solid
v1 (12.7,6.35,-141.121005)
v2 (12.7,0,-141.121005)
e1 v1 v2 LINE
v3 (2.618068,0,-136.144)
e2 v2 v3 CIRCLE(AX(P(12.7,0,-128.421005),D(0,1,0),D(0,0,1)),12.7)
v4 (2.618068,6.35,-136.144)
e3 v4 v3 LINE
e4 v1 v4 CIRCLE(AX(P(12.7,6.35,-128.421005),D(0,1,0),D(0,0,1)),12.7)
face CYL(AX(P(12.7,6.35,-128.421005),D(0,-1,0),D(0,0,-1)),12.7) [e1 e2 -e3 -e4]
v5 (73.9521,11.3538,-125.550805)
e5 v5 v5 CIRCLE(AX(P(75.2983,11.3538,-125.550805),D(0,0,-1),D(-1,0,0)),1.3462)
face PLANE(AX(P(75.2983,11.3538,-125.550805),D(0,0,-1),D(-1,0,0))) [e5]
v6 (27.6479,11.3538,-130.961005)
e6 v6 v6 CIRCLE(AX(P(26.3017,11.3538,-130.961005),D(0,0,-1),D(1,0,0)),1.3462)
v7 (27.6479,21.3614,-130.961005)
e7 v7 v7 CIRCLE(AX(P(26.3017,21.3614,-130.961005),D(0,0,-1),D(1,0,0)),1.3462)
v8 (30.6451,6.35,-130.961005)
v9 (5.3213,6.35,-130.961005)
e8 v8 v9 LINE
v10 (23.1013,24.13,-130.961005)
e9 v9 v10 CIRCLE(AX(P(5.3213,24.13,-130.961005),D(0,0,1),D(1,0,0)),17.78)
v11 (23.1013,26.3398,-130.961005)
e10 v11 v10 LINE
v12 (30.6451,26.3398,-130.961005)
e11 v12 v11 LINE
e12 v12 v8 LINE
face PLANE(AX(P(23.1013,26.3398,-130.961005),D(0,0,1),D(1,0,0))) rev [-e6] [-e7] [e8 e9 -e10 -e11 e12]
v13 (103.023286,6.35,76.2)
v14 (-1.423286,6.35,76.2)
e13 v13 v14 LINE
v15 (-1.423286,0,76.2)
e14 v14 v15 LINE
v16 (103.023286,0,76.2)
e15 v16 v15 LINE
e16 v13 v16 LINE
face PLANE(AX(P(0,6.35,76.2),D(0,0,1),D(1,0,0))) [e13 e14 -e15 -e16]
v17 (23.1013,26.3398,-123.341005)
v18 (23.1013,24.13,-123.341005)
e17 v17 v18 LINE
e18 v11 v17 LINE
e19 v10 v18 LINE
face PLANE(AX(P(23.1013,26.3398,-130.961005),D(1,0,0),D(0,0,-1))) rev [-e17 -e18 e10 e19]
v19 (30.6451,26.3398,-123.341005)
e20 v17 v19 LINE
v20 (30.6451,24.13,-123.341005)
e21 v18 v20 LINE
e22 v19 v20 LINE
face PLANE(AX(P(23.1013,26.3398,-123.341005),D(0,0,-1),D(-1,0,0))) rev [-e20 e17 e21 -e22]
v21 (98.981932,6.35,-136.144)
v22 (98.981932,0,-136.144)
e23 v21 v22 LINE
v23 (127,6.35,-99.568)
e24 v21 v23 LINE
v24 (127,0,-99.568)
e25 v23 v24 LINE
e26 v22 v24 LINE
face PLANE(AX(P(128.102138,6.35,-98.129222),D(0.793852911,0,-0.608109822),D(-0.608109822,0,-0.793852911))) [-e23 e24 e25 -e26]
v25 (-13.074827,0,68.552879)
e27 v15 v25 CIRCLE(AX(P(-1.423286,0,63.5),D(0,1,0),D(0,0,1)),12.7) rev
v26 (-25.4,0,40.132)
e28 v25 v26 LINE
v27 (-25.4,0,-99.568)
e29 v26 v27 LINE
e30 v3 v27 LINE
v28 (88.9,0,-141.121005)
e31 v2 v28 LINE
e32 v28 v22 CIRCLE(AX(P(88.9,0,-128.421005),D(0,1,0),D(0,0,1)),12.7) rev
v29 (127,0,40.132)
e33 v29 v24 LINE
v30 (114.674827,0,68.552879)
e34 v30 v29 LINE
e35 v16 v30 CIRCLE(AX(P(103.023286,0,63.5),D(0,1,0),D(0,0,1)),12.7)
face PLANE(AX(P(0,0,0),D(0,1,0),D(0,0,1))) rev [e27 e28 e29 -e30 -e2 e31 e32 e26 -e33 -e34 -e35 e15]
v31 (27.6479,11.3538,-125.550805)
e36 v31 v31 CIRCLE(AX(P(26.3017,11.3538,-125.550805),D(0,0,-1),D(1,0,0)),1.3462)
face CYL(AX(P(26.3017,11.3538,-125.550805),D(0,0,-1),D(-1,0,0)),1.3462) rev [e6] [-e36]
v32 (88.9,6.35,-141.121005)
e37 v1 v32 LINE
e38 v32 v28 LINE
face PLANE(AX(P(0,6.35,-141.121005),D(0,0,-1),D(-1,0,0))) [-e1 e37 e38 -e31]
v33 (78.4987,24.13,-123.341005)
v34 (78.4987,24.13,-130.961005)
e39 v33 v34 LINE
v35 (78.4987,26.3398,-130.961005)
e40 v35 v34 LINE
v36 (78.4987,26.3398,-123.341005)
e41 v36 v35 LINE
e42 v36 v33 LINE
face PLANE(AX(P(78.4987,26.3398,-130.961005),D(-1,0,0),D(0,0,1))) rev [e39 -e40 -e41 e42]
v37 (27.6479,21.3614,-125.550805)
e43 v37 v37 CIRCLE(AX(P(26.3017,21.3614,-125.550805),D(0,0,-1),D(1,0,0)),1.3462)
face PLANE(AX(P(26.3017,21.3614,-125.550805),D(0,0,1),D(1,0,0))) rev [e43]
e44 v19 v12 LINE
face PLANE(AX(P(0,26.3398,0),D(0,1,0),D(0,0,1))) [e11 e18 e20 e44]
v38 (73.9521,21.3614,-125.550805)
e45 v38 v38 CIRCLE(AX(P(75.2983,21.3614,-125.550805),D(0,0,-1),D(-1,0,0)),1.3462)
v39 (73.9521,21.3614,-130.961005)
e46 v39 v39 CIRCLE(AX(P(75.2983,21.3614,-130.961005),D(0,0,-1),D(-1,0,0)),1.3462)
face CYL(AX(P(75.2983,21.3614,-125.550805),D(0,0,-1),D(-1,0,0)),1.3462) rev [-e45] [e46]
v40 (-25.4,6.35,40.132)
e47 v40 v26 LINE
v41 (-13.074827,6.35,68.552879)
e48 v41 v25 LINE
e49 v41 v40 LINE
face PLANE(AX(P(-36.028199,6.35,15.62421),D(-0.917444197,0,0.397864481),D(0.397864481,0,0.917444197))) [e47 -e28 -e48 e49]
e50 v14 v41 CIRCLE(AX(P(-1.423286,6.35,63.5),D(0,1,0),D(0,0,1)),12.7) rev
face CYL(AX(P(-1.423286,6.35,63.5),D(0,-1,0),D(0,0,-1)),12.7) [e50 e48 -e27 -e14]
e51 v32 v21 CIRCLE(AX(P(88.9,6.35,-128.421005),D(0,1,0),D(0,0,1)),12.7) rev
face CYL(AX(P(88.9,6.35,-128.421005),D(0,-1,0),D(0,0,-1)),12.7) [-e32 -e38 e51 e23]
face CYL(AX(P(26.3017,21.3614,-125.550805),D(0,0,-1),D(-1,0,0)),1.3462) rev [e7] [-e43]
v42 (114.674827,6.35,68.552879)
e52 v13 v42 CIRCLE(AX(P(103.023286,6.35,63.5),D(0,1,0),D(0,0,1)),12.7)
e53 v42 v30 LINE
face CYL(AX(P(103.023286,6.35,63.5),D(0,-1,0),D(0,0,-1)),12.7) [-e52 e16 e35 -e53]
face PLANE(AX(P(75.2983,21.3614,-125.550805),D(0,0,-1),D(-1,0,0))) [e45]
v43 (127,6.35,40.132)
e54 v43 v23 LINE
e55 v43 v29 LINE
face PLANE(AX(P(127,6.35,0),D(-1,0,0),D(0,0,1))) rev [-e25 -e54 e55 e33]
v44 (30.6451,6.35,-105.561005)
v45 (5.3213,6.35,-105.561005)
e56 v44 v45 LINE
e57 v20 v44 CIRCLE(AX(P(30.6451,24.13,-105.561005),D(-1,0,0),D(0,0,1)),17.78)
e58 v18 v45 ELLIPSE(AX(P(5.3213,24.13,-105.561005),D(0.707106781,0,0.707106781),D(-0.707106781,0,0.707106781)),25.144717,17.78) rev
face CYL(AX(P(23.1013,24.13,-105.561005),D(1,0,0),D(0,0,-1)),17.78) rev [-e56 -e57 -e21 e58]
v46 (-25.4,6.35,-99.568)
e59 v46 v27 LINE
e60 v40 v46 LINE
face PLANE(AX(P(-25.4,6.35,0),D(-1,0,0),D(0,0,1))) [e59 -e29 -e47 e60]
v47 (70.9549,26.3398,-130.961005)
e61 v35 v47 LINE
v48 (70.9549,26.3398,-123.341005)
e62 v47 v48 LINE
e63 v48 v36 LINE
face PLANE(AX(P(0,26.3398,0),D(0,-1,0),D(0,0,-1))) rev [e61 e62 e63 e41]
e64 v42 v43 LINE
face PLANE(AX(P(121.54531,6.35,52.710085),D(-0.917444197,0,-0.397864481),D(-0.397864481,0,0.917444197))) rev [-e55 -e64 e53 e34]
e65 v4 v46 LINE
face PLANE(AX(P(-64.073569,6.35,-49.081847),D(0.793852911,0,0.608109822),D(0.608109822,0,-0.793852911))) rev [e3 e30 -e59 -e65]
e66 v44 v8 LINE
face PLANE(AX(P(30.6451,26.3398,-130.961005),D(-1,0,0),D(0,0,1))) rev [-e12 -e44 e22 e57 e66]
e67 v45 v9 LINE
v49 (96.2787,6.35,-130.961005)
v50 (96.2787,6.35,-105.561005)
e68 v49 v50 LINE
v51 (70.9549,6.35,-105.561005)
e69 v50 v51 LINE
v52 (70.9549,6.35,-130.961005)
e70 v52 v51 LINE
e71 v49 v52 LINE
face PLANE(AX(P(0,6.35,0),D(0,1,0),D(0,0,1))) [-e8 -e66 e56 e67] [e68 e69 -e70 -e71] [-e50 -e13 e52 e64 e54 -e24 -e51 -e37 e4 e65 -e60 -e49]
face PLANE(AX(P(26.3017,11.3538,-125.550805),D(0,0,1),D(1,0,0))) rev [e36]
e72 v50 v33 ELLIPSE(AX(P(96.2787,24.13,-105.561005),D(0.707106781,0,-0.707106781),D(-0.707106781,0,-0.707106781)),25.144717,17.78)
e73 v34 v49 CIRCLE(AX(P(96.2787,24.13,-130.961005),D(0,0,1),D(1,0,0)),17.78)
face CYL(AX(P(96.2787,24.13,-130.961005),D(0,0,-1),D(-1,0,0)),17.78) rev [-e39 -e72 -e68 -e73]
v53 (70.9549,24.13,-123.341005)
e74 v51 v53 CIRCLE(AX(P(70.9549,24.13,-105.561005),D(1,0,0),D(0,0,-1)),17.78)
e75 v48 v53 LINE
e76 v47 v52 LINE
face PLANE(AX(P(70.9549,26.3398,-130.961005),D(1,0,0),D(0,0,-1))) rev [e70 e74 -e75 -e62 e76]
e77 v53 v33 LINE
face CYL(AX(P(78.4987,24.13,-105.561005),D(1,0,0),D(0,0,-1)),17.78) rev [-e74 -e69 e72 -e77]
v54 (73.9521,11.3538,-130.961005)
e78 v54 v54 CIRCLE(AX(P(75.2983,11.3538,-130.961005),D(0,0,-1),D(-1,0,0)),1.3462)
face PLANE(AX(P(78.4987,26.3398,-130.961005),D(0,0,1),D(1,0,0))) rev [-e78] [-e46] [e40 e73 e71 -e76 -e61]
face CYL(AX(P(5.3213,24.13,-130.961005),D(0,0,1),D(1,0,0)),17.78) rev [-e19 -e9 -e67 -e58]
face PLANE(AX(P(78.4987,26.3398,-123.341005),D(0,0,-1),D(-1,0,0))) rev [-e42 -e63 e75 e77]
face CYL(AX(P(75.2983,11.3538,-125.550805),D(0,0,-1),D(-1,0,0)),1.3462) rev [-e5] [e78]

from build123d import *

# Parameters (mm, degrees)
BOSS_EXTRUDE1_DEPTH = 6.35
SKETCH2_W           = 7.5438
SKETCH2_H           = 7.62
BOSS_EXTRUDE2_DEPTH = 19.9898
FILLET1_R           = 17.78
SKETCH3_R           = 1.3462
CUT_EXTRUDE1_DEPTH  = 5.4102


with BuildPart() as part:
    # Sketch1 → Boss-Extrude1 (new body)
    with BuildSketch(Plane(origin=(0, 0, 0), x_dir=(1, 0, 0), z_dir=(0, 1, 0))):
        with BuildLine():
            Line((88.9, 141.121005256), (50.8, 141.121005256))
            Line((50.8, 141.121005256), (50.8, -76.2))
            Line((50.8, -76.2), (103.023285942, -76.2))
            ThreePointArc((103.023285942, -76.2), (109.991730457, -74.117475267), (114.674827247, -68.552878903))
            Line((114.674827247, -68.552878903), (127, -40.132))
            Line((127, -40.132), (127, 99.568))
            Line((127, 99.568), (98.981931967, 136.144))
            ThreePointArc((98.981931967, 136.144), (94.521742023, 139.808982101), (88.9, 141.121005256))
        make_face()
        with BuildLine():
            Line((50.8, 141.121005256), (12.7, 141.121005256))
            ThreePointArc((12.7, 141.121005256), (7.078257977, 139.808982101), (2.618068033, 136.144))
            Line((2.618068033, 136.144), (-25.4, 99.568))
            Line((-25.4, 99.568), (-25.4, -40.132))
            Line((-25.4, -40.132), (-13.074827247, -68.552878903))
            ThreePointArc((-13.074827247, -68.552878903), (-8.391730457, -74.117475267), (-1.423285942, -76.2))
            Line((-1.423285942, -76.2), (50.8, -76.2))
            Line((50.8, -76.2), (50.8, 141.121005256))
        make_face()
    extrude(amount=BOSS_EXTRUDE1_DEPTH)

    # Sketch2 → Boss-Extrude2 (add)
    with BuildSketch(Plane(origin=(0, 6.35, 0), x_dir=(1, 0, 0), z_dir=(0, 1, 0))):
        with Locations((74.7268, 127.151005256)):
            Rectangle(SKETCH2_W, SKETCH2_H)
        with Locations((26.8732, 127.151005256)):
            Rectangle(SKETCH2_W, SKETCH2_H)
    extrude(amount=BOSS_EXTRUDE2_DEPTH)

    # Fillet1
    fillet1_edges = [part.edges().sort_by_distance(p)[0] for p in [
        (23.1013, 6.35, -127.151005256),
        (26.8732, 6.35, -123.341005256),
        (78.4987, 6.35, -127.151005256),
        (74.7268, 6.35, -123.341005256),
    ]]
    fillet(fillet1_edges, radius=FILLET1_R)

    # Sketch3 → Cut-Extrude1 (cut)
    with BuildSketch(Plane(origin=(0, 0, -130.961005256), x_dir=(-1, 0, 0), z_dir=(0, 0, -1))):
        with Locations((-75.2983, 11.3538)):
            Circle(SKETCH3_R)
        with Locations((-75.2983, 21.3614)):
            Circle(SKETCH3_R)
        with Locations(Location((-26.3017, 11.3538, 0), (0, 0, 180))):
            Circle(SKETCH3_R)
        with Locations(Location((-26.3017, 21.3614, 0), (0, 0, 180))):
            Circle(SKETCH3_R)
    extrude(amount=-CUT_EXTRUDE1_DEPTH, mode=Mode.SUBTRACT)


solid = part.part
